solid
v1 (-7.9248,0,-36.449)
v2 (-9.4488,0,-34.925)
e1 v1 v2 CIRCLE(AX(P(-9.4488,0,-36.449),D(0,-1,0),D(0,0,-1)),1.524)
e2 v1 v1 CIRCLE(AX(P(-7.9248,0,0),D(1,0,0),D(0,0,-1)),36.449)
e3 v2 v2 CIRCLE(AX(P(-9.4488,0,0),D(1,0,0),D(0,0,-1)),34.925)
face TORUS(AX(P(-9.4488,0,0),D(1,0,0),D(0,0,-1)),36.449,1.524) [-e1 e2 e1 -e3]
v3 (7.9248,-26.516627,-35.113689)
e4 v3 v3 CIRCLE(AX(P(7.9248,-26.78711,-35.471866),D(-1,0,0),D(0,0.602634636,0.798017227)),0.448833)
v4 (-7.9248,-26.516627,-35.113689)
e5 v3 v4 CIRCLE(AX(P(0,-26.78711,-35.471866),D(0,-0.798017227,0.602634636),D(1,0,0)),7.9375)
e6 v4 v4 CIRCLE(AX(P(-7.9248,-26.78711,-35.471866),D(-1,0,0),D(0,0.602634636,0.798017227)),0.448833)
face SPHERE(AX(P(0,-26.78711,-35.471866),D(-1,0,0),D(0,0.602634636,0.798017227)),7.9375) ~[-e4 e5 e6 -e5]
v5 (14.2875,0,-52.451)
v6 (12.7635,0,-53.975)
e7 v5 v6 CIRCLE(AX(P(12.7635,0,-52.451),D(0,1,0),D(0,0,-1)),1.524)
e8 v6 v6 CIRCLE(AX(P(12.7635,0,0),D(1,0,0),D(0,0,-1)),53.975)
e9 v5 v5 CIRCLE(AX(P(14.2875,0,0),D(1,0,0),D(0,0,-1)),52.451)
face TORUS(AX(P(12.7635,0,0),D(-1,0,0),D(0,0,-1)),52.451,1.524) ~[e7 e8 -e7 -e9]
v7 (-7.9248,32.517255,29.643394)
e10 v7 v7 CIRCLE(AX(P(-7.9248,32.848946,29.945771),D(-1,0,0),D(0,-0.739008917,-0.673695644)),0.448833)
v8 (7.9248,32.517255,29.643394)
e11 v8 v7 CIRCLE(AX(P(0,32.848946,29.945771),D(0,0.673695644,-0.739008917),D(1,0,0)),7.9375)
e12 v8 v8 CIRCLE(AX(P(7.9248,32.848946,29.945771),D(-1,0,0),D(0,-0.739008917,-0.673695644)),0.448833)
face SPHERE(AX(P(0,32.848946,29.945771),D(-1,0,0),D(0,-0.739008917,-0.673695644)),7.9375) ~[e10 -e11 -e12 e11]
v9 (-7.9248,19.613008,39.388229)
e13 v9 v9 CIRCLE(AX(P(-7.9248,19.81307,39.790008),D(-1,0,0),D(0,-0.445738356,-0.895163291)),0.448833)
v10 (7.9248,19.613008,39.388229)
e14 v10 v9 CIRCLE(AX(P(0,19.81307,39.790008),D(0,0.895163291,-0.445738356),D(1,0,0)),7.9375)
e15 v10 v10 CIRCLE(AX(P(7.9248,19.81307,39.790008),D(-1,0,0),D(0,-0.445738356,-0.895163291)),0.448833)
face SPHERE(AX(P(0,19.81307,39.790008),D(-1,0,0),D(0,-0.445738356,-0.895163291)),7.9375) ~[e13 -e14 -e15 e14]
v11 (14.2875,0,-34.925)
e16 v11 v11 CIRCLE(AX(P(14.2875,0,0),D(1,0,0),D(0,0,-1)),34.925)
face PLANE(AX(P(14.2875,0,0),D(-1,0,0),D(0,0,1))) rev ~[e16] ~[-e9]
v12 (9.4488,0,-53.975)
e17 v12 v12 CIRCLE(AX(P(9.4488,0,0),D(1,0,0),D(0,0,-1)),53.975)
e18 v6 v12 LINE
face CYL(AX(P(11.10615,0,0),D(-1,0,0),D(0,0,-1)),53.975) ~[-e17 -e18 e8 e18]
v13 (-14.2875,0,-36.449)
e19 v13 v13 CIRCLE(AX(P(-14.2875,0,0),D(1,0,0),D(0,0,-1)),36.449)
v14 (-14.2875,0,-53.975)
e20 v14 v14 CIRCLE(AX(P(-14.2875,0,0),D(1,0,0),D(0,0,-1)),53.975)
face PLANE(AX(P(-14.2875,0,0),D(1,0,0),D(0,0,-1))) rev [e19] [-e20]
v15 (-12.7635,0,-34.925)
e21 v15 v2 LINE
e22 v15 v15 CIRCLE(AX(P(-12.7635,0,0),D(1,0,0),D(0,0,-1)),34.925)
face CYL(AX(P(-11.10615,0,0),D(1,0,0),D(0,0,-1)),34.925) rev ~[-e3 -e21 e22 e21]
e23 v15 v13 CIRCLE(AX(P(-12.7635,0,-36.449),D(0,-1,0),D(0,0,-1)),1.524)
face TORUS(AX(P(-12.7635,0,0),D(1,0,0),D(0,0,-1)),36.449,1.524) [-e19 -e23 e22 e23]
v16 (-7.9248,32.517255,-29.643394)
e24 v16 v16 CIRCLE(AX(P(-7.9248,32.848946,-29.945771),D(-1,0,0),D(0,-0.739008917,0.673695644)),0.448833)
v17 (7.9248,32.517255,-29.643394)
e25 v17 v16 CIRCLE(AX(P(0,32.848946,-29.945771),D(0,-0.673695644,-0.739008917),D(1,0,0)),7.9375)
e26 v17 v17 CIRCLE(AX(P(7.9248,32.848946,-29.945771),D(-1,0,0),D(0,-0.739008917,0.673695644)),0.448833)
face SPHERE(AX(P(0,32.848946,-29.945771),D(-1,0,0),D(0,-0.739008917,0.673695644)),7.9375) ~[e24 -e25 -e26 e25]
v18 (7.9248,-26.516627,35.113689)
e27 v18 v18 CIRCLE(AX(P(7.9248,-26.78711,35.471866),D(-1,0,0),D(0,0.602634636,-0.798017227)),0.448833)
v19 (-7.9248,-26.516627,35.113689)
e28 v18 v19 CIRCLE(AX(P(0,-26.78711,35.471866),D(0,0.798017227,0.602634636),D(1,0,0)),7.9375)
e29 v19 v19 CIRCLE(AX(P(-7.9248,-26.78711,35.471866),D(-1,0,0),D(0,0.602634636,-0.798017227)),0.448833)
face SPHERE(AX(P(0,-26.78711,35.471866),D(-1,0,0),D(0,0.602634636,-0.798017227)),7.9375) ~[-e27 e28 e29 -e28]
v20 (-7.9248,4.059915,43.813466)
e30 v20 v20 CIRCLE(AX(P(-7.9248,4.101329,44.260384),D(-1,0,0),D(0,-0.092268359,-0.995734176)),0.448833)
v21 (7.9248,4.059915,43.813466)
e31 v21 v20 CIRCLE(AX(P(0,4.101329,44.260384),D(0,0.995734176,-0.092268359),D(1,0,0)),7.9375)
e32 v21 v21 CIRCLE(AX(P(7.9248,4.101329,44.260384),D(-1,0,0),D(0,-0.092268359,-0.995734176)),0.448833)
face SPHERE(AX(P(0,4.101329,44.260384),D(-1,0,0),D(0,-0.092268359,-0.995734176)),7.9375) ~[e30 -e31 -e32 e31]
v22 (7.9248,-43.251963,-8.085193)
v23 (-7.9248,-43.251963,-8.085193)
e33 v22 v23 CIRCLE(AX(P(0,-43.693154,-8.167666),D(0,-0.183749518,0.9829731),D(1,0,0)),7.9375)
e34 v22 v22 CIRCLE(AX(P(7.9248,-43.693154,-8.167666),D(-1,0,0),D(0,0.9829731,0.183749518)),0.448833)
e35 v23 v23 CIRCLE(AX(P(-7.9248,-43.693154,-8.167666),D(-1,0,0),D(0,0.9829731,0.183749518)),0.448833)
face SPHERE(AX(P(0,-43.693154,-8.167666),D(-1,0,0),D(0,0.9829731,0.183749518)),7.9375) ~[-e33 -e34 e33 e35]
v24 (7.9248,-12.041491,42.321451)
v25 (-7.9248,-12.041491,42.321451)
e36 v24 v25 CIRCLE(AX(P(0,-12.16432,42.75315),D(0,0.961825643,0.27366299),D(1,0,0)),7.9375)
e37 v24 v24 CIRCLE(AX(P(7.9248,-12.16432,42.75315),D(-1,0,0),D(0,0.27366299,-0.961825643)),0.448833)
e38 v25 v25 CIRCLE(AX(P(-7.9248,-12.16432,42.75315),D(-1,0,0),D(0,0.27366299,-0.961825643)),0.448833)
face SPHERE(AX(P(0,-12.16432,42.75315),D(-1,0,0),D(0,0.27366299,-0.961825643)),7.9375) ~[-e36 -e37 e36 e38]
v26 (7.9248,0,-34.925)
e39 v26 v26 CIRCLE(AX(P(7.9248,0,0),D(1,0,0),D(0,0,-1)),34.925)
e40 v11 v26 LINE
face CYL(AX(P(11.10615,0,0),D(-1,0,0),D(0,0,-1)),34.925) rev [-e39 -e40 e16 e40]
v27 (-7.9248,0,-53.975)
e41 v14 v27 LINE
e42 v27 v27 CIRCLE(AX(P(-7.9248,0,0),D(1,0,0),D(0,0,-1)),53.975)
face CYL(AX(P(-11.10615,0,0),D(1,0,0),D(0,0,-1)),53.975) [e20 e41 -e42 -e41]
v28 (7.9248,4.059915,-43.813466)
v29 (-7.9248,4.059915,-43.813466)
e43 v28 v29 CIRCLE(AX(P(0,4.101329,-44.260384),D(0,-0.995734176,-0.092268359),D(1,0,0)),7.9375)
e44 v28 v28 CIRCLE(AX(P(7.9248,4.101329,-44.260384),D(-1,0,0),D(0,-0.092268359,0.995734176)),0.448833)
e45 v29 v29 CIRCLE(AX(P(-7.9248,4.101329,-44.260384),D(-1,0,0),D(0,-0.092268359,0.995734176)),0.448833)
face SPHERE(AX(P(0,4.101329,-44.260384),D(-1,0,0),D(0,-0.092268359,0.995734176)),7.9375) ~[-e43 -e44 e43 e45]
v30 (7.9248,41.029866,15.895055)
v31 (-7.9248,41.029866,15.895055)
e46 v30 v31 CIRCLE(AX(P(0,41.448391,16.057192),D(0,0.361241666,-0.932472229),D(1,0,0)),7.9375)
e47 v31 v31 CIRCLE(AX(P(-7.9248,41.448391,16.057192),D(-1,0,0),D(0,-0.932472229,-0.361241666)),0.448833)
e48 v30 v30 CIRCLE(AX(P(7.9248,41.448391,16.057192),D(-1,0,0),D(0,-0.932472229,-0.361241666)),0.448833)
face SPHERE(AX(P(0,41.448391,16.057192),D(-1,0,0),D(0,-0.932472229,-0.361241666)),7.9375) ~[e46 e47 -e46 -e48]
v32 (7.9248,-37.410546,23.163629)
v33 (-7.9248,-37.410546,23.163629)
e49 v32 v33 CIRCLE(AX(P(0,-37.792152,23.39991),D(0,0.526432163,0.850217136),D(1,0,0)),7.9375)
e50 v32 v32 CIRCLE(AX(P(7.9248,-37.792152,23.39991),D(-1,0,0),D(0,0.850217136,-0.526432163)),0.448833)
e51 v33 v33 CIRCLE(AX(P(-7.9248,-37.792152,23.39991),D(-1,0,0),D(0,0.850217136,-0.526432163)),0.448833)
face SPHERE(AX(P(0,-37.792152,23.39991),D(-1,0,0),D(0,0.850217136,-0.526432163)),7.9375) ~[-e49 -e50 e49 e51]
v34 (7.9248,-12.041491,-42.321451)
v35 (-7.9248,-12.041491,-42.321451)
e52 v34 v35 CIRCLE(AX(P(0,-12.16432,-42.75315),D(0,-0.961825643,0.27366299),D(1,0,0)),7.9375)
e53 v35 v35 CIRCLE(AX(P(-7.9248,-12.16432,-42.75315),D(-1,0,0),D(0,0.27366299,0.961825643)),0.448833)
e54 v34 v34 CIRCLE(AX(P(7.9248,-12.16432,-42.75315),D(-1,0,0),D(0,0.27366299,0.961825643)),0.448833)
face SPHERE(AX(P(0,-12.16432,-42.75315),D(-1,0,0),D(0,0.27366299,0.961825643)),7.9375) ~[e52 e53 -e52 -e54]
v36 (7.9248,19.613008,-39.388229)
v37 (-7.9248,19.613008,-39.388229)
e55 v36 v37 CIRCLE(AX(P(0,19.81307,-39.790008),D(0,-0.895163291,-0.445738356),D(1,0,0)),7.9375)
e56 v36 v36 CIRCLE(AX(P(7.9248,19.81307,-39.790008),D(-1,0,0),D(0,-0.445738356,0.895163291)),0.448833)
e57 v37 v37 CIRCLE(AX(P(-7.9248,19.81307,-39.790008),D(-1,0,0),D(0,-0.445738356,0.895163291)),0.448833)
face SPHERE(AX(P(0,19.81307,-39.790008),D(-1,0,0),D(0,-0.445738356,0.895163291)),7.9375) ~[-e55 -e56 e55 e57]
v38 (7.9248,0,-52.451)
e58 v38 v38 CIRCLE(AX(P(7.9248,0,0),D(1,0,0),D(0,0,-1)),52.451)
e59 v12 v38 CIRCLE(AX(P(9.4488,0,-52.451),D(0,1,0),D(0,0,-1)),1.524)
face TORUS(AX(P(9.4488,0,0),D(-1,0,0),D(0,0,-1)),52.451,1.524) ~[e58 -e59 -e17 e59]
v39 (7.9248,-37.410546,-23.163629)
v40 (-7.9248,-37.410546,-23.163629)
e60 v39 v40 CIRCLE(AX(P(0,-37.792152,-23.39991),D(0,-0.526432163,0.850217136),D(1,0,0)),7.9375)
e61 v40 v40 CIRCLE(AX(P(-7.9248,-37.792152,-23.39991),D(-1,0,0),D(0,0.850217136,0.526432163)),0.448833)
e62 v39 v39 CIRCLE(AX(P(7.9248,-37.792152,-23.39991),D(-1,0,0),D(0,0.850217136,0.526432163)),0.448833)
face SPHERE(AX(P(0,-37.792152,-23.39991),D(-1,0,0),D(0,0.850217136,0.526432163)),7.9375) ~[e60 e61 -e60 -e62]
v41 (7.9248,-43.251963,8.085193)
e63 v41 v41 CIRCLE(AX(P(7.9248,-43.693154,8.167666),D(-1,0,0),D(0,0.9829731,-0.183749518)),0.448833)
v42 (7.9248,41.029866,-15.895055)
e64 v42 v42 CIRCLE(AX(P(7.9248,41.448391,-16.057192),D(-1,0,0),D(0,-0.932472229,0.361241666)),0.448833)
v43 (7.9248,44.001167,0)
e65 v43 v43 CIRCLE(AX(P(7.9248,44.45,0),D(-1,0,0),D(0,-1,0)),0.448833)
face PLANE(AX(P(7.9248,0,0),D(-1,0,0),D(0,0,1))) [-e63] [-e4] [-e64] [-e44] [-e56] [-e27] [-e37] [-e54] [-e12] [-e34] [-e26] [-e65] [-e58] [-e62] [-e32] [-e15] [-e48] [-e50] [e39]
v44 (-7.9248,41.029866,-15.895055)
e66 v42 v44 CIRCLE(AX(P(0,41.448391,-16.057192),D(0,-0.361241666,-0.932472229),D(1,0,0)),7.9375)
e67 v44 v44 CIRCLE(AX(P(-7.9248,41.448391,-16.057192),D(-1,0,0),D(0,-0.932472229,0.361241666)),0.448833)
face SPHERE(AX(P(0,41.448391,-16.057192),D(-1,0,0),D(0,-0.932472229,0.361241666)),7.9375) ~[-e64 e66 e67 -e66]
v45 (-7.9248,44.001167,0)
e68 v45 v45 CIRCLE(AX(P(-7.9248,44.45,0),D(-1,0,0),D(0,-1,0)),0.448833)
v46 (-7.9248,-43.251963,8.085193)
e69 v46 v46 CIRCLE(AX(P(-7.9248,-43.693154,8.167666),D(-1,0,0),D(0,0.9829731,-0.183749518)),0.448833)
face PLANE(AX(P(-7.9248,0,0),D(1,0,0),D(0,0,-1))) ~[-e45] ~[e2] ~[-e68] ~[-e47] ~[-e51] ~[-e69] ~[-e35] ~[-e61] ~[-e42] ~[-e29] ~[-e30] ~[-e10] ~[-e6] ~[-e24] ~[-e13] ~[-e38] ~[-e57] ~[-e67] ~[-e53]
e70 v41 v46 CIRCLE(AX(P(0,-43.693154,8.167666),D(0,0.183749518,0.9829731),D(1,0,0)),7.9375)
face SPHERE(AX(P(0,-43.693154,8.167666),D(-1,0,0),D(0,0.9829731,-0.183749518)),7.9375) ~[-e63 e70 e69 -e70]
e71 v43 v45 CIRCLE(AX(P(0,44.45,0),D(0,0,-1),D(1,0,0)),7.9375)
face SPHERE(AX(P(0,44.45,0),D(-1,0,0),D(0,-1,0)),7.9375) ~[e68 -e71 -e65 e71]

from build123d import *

# Parameters (mm, degrees)
INNRACSKE_W         = 6.3627
INNRACSKE_H         = 19.05
FILLET_2_R          = 1.524
BALLSDETAILED_COUNT = 17
BALLSDETAILED_ANGLE = 338.823529412


with BuildPart() as part:
    # InnRacSke → Race (revolve)
    with BuildSketch(Plane.XY, mode=Mode.PRIVATE) as race_sk:
        with Locations((-11.10615, 44.45)):
            Rectangle(INNRACSKE_W, INNRACSKE_H)
    race = revolve(race_sk.sketch.rotate(Axis((-34.925, 0, 0), (1, 0, 0)), 270), axis=Axis((-34.925, 0, 0), (1, 0, 0)))

    # BalDetSke → BallDetailed (revolve)
    with BuildSketch(Plane.XY):
        with BuildLine():
            Line((-7.9375, 44.45), (7.9375, 44.45))
            ThreePointArc((7.9375, 44.45), (0, 36.5125), (-7.9375, 44.45))
        make_face()
    balldetailed = revolve(axis=Axis((-14.57325, 44.45, 0), (1, 0, 0)))

    # Mirror1: Race across plane
    add(race.mirror(Plane(origin=(0, 0, 0), x_dir=(0, 0, 1), z_dir=(1, 0, 0))))

    # Fillet 2
    fillet_2_edges = [part.edges().sort_by_distance(p)[0] for p in [
        (7.9248, 0, 53.975),
        (14.2875, 0, 53.975),
        (-7.9248, 0, 34.925),
        (-14.2875, 0, 34.925),
    ]]
    fillet(fillet_2_edges, radius=FILLET_2_R)

    # BallsDetailed: BallDetailed ×17 about axis
    ballsdetailed_axis = Axis((-50, 0, 0), (1, 0, 0))
    for i in range(1, BALLSDETAILED_COUNT):
        add(balldetailed.rotate(ballsdetailed_axis, i * BALLSDETAILED_ANGLE / (BALLSDETAILED_COUNT - 1)))


solid = part.part
